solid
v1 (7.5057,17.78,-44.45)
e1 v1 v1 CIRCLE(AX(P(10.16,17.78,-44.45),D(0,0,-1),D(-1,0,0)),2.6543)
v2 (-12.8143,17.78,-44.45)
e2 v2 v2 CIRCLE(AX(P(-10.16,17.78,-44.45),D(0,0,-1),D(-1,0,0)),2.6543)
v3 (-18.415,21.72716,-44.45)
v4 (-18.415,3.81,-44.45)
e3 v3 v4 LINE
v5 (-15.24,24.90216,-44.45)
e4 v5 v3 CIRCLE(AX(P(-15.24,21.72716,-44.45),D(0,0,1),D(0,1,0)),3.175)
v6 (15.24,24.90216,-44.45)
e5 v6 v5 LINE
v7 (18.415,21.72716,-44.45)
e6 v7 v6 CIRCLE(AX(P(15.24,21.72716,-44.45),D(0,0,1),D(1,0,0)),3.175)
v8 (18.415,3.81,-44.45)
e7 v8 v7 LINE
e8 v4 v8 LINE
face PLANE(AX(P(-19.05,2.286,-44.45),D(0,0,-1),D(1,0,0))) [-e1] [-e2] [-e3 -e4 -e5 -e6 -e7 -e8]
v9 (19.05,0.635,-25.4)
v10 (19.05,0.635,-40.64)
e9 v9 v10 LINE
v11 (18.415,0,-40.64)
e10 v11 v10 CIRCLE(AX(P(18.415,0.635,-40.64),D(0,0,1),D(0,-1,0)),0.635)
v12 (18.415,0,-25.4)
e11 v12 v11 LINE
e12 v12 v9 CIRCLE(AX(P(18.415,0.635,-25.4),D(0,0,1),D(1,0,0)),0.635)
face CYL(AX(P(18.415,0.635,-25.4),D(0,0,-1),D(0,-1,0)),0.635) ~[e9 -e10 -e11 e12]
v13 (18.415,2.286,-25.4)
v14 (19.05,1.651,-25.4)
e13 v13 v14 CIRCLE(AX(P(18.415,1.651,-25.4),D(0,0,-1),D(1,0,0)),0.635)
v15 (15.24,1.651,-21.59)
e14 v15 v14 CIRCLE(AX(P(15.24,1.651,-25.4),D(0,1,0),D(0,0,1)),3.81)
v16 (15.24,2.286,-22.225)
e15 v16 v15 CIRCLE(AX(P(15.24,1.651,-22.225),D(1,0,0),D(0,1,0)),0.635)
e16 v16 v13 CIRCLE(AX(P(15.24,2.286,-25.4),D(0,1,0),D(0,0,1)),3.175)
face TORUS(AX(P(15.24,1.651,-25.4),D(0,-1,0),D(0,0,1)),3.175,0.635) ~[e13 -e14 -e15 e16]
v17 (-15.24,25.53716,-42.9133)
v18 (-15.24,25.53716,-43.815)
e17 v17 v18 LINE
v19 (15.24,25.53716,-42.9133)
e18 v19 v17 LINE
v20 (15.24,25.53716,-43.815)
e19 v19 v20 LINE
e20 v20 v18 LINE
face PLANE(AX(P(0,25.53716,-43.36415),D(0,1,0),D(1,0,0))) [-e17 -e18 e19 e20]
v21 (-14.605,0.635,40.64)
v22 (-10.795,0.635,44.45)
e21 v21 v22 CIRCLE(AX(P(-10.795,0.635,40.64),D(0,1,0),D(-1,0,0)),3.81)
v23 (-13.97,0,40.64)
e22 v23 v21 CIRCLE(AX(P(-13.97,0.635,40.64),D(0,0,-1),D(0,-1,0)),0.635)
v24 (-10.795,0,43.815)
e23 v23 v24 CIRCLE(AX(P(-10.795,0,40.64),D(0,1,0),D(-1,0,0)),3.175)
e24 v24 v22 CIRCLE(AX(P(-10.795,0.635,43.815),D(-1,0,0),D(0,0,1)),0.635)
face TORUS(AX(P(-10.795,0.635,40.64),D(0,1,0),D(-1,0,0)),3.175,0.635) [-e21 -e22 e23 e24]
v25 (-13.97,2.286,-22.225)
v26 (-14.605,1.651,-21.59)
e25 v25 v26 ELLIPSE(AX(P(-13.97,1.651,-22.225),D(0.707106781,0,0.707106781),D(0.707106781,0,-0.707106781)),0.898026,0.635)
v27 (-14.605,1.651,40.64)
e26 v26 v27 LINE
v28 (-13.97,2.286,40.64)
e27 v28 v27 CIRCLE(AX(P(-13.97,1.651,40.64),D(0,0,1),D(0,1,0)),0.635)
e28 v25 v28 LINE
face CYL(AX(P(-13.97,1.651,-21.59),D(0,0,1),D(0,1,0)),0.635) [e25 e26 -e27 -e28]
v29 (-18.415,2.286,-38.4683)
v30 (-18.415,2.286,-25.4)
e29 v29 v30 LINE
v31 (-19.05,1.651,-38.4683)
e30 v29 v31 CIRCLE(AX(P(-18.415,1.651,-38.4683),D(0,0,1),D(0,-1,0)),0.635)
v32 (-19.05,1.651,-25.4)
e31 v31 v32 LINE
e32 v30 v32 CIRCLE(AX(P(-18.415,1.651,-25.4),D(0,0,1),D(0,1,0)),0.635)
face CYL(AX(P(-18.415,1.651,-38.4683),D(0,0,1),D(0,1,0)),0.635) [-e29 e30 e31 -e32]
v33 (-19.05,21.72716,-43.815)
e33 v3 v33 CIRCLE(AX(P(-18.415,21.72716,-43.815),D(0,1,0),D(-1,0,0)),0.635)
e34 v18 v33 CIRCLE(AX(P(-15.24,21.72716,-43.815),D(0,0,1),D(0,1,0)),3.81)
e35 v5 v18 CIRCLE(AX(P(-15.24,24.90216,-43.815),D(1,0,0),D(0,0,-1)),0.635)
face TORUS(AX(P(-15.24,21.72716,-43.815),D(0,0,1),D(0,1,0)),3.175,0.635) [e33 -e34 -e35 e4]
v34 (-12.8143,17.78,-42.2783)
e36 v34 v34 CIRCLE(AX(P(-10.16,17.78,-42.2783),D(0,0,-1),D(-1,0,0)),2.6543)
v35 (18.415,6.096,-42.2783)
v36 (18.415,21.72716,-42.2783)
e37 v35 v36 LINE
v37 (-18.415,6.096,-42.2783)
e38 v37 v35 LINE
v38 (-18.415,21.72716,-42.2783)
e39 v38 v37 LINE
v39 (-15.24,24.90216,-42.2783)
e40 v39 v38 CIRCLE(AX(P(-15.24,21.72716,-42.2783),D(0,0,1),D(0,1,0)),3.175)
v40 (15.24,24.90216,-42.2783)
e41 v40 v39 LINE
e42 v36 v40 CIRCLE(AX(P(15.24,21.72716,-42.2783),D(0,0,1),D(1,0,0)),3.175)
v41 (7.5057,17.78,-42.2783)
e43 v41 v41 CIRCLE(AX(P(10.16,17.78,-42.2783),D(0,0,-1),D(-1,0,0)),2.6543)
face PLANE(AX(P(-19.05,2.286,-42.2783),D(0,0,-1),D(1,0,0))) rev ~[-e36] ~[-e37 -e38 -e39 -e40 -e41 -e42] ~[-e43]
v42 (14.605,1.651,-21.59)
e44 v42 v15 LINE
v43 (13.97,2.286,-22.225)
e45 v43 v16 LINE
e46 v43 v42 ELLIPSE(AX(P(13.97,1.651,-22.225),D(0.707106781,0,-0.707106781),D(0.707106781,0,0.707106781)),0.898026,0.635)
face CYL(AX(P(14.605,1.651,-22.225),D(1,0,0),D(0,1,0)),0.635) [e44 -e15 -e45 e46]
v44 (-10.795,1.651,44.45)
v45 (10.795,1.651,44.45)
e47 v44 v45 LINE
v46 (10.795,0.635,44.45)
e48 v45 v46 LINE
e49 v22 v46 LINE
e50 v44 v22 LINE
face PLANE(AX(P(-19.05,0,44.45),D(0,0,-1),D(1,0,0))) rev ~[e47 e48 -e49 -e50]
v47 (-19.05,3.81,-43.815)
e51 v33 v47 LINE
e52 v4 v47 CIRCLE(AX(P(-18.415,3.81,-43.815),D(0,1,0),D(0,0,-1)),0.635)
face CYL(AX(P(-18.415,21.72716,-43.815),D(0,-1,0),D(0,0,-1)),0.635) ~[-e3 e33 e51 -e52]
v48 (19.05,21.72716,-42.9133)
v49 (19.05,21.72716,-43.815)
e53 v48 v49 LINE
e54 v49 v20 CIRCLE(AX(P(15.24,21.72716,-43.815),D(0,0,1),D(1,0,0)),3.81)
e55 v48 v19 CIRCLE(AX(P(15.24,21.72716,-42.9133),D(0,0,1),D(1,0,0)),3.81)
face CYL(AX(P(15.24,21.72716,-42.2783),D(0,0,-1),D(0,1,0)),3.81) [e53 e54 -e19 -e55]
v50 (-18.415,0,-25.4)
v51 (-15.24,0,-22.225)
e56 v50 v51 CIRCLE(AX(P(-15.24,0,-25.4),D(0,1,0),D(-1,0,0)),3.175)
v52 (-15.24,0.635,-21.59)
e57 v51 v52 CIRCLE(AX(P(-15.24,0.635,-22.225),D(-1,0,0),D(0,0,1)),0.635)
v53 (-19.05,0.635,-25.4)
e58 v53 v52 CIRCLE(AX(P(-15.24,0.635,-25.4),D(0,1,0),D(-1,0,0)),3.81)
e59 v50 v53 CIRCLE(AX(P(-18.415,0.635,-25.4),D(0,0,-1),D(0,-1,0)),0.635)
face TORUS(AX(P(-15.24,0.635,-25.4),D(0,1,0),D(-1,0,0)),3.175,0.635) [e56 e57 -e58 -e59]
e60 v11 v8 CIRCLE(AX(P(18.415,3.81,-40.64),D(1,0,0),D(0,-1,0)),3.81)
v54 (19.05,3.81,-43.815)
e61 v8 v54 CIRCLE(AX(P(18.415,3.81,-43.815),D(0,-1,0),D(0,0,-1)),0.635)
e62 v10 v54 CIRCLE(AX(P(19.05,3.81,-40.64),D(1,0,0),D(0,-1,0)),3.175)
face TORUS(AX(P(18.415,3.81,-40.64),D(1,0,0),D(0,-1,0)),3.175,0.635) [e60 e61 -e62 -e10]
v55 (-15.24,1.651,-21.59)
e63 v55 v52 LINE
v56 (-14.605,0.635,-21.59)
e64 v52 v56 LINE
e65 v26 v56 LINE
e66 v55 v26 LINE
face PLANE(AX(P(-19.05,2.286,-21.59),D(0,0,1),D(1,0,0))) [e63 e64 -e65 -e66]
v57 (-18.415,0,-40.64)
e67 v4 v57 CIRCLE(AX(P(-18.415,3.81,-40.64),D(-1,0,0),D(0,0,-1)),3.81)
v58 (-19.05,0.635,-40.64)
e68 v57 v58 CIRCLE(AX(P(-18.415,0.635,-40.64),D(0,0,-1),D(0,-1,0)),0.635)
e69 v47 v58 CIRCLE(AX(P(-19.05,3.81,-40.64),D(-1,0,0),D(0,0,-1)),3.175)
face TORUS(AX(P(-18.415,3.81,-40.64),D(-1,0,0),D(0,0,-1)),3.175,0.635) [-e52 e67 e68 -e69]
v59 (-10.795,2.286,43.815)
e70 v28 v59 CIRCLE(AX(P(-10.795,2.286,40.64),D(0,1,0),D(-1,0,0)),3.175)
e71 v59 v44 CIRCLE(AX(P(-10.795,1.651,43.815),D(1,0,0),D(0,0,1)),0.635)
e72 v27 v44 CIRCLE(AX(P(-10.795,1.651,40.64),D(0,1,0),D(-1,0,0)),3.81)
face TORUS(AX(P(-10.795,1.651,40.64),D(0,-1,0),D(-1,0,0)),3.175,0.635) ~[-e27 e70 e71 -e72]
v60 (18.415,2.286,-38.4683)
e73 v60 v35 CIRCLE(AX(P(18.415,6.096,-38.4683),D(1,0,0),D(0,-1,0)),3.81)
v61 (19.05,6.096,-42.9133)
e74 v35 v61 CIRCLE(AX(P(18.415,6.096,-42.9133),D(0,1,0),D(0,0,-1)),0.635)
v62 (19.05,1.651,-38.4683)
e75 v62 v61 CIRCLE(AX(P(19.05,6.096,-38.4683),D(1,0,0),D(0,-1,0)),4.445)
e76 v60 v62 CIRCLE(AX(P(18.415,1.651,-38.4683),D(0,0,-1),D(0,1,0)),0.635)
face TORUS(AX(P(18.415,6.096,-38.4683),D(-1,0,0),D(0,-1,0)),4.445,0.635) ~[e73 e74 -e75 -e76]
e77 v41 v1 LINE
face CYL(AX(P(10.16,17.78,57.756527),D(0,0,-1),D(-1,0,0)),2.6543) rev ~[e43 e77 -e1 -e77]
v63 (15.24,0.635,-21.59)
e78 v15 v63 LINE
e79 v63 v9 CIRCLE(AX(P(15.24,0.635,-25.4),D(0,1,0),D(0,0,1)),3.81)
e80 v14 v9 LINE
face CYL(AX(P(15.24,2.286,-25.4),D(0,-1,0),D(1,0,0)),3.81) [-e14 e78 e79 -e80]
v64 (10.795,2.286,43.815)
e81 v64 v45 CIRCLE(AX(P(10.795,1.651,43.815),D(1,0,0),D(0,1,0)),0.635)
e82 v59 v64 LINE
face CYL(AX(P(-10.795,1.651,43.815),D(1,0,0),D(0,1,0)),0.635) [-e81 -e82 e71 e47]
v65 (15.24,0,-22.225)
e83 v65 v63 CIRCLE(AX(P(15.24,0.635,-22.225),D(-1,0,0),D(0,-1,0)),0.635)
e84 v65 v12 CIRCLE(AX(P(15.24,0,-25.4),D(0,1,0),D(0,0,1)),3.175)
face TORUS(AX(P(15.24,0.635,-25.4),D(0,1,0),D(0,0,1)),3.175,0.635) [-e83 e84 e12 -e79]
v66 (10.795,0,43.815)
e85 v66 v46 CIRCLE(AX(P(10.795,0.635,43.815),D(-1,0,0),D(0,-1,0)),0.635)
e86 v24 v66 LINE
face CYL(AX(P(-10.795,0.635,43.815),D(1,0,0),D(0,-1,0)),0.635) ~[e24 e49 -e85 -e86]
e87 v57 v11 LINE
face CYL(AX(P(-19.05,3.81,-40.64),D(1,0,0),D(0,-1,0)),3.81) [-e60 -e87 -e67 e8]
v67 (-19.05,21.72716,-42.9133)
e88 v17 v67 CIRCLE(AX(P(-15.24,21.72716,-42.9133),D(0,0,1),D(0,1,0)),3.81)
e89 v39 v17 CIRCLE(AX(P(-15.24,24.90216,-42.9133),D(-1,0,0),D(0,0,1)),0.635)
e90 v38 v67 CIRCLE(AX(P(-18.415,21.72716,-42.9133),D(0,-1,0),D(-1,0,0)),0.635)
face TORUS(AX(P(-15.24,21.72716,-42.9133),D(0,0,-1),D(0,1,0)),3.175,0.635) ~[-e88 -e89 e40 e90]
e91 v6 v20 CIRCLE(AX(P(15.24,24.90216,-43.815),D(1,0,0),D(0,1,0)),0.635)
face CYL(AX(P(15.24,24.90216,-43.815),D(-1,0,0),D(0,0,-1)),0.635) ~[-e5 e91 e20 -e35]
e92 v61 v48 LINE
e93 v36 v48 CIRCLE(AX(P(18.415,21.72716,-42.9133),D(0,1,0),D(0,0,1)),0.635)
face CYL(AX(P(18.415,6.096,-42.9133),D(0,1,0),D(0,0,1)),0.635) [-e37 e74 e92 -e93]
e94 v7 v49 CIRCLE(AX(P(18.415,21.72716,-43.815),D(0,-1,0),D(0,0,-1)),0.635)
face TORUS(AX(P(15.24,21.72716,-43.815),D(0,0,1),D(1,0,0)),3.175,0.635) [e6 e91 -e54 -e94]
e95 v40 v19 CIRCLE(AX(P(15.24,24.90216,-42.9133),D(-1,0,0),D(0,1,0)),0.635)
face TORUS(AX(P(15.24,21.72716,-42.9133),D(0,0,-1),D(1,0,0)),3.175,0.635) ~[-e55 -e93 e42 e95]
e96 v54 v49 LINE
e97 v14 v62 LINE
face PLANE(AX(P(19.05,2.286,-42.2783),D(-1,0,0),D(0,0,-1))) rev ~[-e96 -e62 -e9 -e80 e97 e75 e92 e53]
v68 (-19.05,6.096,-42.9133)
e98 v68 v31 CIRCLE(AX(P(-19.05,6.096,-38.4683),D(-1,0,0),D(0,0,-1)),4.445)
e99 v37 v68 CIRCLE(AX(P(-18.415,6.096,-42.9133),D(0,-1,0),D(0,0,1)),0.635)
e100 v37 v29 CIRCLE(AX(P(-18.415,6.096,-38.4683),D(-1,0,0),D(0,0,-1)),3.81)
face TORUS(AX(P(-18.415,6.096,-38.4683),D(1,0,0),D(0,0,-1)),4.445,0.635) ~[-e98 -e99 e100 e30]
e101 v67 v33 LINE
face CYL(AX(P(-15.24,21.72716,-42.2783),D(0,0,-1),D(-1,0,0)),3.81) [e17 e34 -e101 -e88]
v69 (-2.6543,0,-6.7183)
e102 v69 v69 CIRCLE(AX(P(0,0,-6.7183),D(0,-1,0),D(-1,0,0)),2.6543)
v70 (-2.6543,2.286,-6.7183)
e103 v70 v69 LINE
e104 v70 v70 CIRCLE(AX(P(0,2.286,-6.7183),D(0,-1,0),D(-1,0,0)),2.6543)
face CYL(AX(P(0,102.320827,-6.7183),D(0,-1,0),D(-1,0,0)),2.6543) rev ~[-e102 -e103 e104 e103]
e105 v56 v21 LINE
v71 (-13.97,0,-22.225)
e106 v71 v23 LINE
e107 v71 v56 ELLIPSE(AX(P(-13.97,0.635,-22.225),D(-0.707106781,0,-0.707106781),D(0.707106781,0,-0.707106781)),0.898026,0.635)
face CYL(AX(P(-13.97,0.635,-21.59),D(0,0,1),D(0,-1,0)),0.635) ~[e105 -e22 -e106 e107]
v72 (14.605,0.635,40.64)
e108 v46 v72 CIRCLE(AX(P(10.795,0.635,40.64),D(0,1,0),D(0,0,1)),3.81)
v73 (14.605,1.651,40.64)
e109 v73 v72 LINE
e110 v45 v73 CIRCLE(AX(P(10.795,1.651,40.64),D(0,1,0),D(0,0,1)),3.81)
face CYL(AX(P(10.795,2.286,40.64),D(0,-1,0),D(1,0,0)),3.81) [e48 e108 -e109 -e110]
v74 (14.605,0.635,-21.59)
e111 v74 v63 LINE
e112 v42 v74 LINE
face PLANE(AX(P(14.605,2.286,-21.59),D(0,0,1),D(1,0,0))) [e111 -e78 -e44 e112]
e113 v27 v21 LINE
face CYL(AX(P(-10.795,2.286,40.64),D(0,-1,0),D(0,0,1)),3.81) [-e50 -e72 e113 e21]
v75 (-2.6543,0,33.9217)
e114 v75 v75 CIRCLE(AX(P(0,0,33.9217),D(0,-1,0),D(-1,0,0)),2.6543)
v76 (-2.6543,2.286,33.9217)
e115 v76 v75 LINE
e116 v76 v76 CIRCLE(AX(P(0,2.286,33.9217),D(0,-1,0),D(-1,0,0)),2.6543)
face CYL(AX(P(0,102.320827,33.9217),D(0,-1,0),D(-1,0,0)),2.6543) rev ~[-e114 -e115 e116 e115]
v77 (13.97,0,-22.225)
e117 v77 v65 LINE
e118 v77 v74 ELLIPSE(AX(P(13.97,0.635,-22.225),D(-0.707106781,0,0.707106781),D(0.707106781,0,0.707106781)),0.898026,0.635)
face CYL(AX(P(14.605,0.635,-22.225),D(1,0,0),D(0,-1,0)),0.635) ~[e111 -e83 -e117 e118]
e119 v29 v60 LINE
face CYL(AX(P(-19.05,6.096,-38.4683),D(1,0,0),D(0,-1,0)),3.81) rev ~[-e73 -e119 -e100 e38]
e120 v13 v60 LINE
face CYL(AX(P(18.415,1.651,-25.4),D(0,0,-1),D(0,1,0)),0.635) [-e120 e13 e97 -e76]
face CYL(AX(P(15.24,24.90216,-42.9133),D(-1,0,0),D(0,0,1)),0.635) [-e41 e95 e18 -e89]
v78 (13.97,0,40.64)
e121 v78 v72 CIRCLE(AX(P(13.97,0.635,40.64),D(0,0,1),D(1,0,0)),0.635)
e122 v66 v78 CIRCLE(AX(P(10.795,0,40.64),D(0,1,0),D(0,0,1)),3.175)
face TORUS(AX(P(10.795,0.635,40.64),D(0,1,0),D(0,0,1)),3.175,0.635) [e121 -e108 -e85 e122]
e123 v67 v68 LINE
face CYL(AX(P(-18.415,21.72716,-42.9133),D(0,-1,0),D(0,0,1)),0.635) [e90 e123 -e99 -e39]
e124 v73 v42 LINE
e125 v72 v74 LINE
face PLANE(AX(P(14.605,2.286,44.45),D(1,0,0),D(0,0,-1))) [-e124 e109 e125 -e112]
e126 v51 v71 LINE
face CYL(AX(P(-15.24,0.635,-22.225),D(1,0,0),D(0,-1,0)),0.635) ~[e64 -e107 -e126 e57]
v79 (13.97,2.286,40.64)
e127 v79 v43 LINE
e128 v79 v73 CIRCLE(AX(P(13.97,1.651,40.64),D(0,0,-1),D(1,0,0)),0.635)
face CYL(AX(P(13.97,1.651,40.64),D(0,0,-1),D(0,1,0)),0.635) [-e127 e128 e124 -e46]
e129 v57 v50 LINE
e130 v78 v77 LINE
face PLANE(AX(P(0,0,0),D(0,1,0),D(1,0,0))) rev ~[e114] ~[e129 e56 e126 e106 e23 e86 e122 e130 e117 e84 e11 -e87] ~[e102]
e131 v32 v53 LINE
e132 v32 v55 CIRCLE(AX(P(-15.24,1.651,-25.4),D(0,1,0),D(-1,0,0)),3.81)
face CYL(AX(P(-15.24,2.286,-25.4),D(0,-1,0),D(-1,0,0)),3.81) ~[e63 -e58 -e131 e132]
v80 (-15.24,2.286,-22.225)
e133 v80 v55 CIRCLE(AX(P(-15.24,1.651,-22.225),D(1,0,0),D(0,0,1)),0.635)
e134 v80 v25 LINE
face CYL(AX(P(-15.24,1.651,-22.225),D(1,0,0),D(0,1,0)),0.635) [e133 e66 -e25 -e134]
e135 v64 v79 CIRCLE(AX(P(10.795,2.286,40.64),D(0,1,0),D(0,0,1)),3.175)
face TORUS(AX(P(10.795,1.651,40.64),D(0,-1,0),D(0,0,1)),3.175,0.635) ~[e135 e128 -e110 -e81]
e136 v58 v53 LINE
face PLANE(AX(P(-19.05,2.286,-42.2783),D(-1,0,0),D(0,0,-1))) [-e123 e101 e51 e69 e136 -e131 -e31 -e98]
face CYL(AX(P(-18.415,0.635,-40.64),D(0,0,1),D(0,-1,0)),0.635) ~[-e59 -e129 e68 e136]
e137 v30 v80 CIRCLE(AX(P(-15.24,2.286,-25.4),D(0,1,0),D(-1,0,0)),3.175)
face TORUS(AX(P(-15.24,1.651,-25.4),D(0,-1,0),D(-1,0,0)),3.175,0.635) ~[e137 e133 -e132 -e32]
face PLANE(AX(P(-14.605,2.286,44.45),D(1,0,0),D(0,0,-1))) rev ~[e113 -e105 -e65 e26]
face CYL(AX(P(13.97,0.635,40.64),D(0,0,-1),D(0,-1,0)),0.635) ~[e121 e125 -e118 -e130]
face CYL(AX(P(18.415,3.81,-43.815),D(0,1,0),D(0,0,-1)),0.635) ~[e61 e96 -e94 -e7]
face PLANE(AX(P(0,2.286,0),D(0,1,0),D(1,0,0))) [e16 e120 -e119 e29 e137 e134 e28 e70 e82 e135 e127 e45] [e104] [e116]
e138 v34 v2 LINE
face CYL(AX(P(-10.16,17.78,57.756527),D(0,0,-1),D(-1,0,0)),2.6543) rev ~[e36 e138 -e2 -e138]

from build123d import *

# Parameters (mm, degrees)
SKETCH1_W                  = 38.1
SKETCH1_H                  = 88.9
BOSS_BASE_DEPTH            = 2.286
SKETCH3_W                  = 38.1
SKETCH3_H                  = 2.1717
BOSS_LIP_DEPTH             = 23.25116
F_4_0_209_DIAMETER_HOLE1_D = 5.3086
F_4_0_209_DIAMETER_HOLE2_D = 5.3086
SKETCH19_W                 = 4.445
SKETCH19_H                 = 66.04
CUT_EXTRUDE1_DEPTH         = 54.659308991
FILLET1_R                  = 3.81
FILLET4_R                  = 0.635


with BuildPart() as part:
    # Sketch1 → Boss-Base (new body)
    with BuildSketch(Plane(origin=(0, 0, 0), x_dir=(1, 0, 0), z_dir=(0, 1, 0))):
        Rectangle(SKETCH1_W, SKETCH1_H)
    extrude(amount=BOSS_BASE_DEPTH)

    # Sketch3 → Boss-Lip (add)
    with BuildSketch(Plane(origin=(0, 2.286, 0), x_dir=(1, 0, 0), z_dir=(0, 1, 0))):
        with Locations((0, 43.36415)):
            Rectangle(SKETCH3_W, SKETCH3_H)
    extrude(amount=BOSS_LIP_DEPTH)

    # #4 (0.209) Diameter Hole1 (through all)
    with Locations(Plane(origin=(0, 2.286, 0), x_dir=(1, 0, 0), z_dir=(0, 1, 0))):
        with Locations((0, -33.9217), (0, 6.7183)):
            Hole(F_4_0_209_DIAMETER_HOLE1_D / 2)

    # #4 (0.209) Diameter Hole2 (through all)
    with Locations(Plane.XY.offset(-42.2783)):
        with Locations((10.16, 17.78), (-10.16, 17.78)):
            Hole(F_4_0_209_DIAMETER_HOLE2_D / 2)

    # Sketch19 → Cut-Extrude1 (cut, through all)
    with BuildSketch(Plane(origin=(0, 2.286, 0), x_dir=(1, 0, 0), z_dir=(0, 1, 0))):
        with Locations((16.8275, -11.43)):
            Rectangle(SKETCH19_W, SKETCH19_H)
        with Locations((-16.8275, -11.43)):
            Rectangle(SKETCH19_W, SKETCH19_H)
    extrude(amount=-CUT_EXTRUDE1_DEPTH, mode=Mode.SUBTRACT)

    # Fillet1
    fillet1_edges = [part.edges().sort_by_distance(p)[0] for p in [
        (0, 2.286, -42.2783),
        (-19.05, 25.53716, -43.36415),
        (19.05, 25.53716, -43.36415),
        (0, 0, -44.45),
        (19.05, 1.143, -21.59),
        (14.605, 1.143, 44.45),
        (-19.05, 1.143, -21.59),
        (-14.605, 1.143, 44.45),
    ]]
    fillet(fillet1_edges, radius=FILLET1_R)

    # Fillet4
    fillet4_edges = [part.edges().sort_by_distance(p)[0] for p in [
        (19.05, 1.115923164, -43.334076836),
        (19.05, 3.401923164, -41.162376836),
        (-19.05, 3.401923164, -41.162376836),
        (14.605, 0, 9.525),
        (14.605, 2.286, 9.525),
        (-14.9225, 0, -21.59),
        (-14.9225, 2.286, -21.59),
        (19.05, 13.91158, -42.2783),
        (0, 25.53716, -42.2783),
        (-19.05, 13.91158, -42.2783),
        (17.934076836, 24.421236836, -42.2783),
        (-17.934076836, 24.421236836, -42.2783),
        (14.9225, 2.286, -21.59),
        (19.05, 2.286, -31.93415),
        (-19.05, 2.286, -31.93415),
        (-14.605, 2.286, 9.525),
        (0, 2.286, 44.45),
        (-17.934076836, 2.286, -22.705923164),
        (17.934076836, 2.286, -22.705923164),
        (13.489076836, 2.286, 43.334076836),
        (-13.489076836, 2.286, 43.334076836),
        (-19.05, 12.76858, -44.45),
        (0, 25.53716, -44.45),
        (19.05, 12.76858, -44.45),
        (17.934076836, 24.421236836, -44.45),
        (-17.934076836, 24.421236836, -44.45),
        (-19.05, 0, -33.02),
        (-19.05, 1.115923164, -43.334076836),
        (14.9225, 0, -21.59),
        (0, 0, 44.45),
        (-14.605, 0, 9.525),
        (19.05, 0, -33.02),
        (-17.934076836, 0, -22.705923164),
        (17.934076836, 0, -22.705923164),
        (13.489076836, 0, 43.334076836),
        (-13.489076836, 0, 43.334076836),
    ]]
    fillet(fillet4_edges, radius=FILLET4_R)


solid = part.part
